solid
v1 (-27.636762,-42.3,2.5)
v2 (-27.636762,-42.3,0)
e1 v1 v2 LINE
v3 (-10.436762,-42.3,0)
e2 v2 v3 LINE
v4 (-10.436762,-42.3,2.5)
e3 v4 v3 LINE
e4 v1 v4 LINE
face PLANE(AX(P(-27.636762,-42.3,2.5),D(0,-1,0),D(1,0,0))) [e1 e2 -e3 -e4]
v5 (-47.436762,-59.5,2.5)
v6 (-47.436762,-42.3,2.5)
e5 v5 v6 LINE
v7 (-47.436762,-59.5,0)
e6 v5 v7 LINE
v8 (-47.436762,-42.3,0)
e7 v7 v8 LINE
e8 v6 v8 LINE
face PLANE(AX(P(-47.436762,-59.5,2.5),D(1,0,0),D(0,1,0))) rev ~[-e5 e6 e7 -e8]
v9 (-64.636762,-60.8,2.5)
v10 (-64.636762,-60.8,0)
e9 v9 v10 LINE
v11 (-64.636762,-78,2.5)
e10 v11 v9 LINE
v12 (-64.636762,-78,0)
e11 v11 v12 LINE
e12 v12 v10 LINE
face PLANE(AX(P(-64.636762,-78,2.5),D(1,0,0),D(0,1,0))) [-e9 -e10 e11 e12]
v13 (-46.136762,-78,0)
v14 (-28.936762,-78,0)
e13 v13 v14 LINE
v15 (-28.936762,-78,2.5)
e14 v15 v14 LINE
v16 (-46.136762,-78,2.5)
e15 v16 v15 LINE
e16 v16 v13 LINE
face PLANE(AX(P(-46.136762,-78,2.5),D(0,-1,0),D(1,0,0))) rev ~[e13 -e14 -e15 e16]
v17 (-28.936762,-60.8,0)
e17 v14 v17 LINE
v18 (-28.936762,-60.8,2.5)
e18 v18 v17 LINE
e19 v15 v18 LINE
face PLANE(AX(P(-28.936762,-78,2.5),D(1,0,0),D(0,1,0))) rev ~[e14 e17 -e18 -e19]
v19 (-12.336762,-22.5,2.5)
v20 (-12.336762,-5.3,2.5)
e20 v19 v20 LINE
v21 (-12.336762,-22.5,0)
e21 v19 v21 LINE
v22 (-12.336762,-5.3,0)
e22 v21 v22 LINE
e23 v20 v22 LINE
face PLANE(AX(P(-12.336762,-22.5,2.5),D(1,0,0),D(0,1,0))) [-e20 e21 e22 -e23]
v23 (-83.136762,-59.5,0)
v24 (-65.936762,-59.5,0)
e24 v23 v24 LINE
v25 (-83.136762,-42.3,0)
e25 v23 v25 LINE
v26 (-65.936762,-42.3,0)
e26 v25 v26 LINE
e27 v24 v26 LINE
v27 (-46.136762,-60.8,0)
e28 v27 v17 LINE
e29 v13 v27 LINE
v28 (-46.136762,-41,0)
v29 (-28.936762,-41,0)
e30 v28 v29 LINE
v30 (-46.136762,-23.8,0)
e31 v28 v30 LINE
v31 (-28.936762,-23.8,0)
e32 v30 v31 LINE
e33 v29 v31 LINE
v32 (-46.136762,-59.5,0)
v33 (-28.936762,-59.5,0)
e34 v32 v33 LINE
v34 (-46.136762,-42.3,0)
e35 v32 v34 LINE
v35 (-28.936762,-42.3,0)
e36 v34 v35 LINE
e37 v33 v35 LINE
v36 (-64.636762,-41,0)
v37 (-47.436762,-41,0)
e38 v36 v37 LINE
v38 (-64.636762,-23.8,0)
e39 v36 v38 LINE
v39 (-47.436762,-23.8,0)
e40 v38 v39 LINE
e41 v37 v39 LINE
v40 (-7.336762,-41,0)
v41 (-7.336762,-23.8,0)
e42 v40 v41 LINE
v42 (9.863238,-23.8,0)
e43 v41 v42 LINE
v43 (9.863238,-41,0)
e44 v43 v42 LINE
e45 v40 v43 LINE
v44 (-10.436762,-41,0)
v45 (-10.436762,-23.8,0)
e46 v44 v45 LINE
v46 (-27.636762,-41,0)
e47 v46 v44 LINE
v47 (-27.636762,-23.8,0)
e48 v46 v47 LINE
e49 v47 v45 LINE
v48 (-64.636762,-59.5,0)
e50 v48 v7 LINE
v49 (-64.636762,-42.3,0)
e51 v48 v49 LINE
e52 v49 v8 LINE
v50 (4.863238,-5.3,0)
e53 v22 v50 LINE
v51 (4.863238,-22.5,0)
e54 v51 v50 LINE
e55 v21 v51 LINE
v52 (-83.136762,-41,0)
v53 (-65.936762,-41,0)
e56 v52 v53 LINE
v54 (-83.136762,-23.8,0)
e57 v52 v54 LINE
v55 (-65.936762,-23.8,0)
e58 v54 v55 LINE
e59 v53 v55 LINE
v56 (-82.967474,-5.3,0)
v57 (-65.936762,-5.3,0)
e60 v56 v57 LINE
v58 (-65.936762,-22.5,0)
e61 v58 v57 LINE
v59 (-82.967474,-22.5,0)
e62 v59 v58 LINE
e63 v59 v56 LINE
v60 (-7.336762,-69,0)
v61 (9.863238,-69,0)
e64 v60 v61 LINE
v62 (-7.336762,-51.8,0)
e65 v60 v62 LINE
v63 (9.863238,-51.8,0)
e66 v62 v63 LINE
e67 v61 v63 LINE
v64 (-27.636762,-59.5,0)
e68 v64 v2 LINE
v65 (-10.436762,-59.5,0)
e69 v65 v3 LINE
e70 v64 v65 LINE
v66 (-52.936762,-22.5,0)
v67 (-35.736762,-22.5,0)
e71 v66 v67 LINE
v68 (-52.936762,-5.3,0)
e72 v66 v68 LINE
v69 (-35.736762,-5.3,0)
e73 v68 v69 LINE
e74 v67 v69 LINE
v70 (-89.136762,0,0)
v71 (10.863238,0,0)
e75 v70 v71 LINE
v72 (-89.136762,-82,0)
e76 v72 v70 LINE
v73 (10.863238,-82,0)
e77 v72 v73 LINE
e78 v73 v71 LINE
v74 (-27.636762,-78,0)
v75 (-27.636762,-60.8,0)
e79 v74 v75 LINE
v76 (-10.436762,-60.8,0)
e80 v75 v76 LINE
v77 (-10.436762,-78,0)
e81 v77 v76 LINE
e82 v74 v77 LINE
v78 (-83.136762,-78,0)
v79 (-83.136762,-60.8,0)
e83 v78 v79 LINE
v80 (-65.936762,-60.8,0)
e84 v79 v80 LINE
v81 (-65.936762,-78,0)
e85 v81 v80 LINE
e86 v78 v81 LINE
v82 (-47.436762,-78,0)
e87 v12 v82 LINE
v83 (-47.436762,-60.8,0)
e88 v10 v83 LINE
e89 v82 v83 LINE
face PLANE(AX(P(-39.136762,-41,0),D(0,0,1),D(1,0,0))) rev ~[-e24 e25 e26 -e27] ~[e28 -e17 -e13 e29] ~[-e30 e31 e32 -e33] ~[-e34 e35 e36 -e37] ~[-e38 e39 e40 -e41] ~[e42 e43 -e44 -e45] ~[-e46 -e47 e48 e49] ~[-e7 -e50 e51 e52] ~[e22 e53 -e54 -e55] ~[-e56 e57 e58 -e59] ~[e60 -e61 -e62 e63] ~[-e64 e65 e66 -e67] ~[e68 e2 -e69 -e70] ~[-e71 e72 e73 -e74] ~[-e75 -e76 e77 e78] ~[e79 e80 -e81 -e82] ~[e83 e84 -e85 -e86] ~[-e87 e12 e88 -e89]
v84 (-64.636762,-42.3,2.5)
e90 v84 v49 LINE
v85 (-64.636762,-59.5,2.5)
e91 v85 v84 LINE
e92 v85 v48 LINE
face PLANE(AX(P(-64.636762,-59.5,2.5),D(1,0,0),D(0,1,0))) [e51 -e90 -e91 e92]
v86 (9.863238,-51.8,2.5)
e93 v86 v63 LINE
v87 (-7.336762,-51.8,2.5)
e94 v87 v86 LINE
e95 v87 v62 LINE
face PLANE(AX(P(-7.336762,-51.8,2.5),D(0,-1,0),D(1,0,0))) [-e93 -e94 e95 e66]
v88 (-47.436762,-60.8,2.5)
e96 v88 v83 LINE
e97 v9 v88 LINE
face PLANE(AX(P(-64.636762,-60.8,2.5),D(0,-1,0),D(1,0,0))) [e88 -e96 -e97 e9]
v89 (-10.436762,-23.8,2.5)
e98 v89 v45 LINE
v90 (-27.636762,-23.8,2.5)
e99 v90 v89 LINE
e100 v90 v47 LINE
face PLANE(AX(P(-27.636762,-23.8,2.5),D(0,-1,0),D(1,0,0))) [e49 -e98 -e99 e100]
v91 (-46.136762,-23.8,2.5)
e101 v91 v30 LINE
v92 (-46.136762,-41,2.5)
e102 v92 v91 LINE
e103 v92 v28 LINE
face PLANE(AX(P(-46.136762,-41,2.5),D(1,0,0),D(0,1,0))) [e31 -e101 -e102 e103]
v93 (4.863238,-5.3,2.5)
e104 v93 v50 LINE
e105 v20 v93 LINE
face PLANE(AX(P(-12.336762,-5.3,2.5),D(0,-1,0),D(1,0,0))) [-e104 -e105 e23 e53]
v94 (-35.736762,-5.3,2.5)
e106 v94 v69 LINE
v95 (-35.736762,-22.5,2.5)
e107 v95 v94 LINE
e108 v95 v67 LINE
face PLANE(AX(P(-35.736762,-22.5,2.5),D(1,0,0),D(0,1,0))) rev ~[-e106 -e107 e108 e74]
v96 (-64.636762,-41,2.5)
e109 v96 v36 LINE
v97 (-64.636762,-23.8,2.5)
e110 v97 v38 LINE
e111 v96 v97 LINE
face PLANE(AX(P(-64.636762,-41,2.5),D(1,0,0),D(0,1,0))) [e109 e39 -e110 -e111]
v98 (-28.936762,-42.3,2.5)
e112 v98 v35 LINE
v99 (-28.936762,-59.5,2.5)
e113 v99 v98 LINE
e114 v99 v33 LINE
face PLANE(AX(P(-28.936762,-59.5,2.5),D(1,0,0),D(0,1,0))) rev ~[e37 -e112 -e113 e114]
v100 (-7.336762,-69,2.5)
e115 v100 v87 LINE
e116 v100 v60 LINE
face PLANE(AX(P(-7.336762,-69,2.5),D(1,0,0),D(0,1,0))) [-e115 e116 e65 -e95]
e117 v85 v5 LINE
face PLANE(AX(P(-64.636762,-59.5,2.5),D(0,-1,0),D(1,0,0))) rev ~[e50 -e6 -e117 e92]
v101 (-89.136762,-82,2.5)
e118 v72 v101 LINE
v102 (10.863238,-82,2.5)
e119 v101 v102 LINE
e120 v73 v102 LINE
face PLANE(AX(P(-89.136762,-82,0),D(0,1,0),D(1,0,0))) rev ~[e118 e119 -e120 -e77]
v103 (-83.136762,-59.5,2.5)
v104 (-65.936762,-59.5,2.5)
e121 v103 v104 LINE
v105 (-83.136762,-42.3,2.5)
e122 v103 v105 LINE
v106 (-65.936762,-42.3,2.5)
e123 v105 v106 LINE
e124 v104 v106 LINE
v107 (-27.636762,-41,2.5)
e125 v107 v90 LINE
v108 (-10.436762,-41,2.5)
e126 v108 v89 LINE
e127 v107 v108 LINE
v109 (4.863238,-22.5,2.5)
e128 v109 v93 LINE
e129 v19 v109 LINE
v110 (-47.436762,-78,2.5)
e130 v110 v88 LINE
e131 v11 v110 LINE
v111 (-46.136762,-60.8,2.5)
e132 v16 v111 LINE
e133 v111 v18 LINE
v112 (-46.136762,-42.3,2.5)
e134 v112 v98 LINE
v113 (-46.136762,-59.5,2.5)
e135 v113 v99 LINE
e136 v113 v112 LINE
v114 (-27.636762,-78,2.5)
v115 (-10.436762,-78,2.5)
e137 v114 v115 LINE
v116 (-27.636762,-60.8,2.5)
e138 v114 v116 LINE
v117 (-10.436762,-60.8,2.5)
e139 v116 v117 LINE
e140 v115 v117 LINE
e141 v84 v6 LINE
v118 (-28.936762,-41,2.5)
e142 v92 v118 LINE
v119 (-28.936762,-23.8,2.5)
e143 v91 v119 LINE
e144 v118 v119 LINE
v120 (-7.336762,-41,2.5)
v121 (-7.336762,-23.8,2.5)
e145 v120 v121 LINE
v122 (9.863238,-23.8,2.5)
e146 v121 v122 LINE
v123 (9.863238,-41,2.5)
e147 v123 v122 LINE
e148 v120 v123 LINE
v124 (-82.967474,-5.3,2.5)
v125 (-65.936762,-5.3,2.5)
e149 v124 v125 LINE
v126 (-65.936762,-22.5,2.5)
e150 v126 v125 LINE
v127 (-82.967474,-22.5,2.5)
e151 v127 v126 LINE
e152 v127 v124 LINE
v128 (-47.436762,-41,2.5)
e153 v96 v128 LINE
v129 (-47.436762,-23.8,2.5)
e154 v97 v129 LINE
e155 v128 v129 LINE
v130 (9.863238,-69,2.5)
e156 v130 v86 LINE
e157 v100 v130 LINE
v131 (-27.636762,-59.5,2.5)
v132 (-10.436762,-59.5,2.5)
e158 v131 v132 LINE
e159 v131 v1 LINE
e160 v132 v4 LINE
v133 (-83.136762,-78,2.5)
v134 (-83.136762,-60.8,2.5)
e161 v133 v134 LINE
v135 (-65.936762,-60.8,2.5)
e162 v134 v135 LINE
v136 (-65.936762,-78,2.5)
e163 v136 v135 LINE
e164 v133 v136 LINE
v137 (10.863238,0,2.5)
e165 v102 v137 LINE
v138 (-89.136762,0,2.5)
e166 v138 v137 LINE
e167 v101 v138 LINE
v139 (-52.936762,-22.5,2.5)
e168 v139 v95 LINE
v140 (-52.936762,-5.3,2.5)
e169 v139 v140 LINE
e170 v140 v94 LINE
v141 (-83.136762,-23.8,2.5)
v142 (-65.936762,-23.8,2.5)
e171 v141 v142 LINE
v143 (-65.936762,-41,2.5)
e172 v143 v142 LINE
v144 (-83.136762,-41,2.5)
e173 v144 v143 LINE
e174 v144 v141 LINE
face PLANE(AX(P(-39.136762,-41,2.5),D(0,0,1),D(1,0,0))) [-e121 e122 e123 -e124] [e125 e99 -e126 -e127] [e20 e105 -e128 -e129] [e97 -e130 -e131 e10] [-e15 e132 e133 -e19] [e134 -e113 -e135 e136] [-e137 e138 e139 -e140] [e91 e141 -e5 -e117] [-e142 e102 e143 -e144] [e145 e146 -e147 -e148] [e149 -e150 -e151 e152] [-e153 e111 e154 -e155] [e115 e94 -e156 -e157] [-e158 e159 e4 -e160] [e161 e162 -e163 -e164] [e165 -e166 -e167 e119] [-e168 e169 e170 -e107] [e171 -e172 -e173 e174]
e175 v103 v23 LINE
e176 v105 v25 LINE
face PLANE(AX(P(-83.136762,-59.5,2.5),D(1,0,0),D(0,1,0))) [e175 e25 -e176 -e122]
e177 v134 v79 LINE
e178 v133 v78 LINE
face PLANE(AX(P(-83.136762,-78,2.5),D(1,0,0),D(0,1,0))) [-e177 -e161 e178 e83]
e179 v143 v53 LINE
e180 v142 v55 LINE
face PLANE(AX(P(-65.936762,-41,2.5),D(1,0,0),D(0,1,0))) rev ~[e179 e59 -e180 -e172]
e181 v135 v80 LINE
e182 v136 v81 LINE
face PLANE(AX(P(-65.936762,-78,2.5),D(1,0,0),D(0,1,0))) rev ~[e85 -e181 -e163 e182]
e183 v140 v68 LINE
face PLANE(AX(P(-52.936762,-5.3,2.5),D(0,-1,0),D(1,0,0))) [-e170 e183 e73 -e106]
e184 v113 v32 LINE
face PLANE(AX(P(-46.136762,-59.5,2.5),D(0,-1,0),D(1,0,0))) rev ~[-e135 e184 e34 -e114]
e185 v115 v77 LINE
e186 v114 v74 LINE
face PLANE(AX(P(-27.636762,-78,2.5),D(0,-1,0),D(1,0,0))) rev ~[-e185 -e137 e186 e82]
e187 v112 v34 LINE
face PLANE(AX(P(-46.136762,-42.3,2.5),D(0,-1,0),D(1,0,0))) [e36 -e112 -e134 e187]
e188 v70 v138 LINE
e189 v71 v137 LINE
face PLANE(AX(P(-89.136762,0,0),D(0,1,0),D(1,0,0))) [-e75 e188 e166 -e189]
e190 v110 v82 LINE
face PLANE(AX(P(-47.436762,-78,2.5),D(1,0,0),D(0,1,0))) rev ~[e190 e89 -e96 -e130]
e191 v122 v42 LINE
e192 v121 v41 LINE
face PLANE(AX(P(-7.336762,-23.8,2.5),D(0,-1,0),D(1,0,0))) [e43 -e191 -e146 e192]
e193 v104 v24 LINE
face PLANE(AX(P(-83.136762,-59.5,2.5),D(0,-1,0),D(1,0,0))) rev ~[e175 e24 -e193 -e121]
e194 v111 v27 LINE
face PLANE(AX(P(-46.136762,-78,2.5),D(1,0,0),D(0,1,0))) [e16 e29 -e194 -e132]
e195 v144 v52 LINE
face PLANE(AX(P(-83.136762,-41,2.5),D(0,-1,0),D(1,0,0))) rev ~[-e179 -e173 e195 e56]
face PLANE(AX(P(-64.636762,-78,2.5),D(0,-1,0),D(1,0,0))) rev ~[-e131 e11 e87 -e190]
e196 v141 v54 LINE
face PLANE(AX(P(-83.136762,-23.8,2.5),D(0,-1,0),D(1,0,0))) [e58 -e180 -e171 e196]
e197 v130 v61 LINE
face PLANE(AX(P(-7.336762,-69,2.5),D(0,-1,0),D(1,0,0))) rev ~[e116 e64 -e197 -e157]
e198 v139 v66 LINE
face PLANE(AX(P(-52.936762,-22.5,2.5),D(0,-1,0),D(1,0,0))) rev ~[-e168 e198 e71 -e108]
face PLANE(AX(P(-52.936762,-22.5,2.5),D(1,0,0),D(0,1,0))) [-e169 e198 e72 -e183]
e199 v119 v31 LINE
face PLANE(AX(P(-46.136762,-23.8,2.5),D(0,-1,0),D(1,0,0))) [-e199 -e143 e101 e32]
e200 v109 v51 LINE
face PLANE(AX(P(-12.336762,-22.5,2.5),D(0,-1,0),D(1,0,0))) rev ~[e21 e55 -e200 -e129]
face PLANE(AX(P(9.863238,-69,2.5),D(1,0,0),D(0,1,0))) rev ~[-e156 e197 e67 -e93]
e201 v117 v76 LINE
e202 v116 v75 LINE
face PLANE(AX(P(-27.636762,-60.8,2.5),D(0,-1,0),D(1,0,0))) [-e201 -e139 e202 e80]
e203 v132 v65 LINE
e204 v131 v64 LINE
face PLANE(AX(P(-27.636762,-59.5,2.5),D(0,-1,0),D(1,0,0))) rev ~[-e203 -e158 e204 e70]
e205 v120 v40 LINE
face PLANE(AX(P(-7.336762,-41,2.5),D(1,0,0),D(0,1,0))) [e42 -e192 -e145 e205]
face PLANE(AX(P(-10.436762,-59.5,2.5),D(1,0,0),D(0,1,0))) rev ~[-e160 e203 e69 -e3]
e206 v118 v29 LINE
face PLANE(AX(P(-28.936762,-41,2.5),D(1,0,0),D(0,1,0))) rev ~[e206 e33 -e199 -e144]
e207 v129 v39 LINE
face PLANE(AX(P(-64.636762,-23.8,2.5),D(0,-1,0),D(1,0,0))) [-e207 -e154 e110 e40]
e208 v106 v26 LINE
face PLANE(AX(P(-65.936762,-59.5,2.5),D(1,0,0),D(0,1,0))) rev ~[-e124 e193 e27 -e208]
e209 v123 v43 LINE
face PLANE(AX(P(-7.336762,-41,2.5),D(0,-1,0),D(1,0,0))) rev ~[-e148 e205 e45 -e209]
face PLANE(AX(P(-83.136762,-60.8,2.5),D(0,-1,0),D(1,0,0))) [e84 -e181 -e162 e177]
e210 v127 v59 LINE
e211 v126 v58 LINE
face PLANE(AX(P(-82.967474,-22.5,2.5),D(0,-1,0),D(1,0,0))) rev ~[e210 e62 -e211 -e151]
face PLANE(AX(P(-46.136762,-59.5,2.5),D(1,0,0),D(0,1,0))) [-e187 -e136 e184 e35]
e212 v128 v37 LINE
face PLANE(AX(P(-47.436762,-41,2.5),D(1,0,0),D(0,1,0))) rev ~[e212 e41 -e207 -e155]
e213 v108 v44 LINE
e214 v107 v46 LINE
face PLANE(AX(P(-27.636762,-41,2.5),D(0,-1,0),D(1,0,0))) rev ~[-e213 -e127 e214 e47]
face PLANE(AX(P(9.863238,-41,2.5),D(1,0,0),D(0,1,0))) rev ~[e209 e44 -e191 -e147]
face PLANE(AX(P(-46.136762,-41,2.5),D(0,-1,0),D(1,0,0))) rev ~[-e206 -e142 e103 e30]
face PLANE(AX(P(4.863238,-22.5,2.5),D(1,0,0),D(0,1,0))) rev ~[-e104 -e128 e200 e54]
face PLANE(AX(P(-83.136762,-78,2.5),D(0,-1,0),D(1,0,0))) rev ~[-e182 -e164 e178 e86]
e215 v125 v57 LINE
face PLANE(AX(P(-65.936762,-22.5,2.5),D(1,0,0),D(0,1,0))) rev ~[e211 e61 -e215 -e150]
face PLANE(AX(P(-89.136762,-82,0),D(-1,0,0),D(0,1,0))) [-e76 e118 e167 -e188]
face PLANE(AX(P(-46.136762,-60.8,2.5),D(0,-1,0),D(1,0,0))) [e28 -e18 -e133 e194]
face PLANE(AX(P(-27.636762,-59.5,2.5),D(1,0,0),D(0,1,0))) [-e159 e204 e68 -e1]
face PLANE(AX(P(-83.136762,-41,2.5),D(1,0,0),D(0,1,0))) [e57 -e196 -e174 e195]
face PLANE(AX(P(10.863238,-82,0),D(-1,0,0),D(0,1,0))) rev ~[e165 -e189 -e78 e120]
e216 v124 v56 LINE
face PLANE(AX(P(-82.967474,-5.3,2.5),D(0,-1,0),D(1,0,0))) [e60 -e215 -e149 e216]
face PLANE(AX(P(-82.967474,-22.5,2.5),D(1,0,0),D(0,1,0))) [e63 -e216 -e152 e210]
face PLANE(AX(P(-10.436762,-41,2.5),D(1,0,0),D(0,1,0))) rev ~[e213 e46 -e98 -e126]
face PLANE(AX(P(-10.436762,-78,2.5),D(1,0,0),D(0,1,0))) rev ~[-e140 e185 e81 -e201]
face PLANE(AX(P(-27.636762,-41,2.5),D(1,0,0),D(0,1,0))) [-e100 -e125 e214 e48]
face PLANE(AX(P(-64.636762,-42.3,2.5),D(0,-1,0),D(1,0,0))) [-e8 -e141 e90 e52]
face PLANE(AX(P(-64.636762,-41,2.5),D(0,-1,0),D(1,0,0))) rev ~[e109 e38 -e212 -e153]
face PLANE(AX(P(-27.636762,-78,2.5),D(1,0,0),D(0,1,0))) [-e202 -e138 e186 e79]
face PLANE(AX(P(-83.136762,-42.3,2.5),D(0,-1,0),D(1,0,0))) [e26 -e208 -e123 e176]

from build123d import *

# Parameters (mm, degrees)
F0_W      = 100
F0_H      = 82
F1_DEPTH  = 2.5
F2_W      = 17.2
F2_H      = 17.2
F3_DEPTH  = 25
F2_W_2    = 17.030713
F4_DEPTH  = 25
F5_W      = 17.2
F5_H      = 17.2
F6_DEPTH  = 25
F7_W      = 17.2
F7_H      = 17.2
F8_DEPTH  = 25
F9_W      = 17.2
F9_H      = 17.2
F10_DEPTH = 25
F11_W     = 17.2
F11_H     = 17.2
F12_DEPTH = 25
F13_W     = 17.2
F13_H     = 17.2
F14_DEPTH = 25
F15_W     = 17.2
F15_H     = 17.2
F16_DEPTH = 25


with BuildPart() as f1:
    # F0 (on Top) → F1 (new body)
    with BuildSketch(Plane.XY):
        with Locations((-39.136762, -41)):
            Rectangle(F0_W, F0_H)
    extrude(amount=F1_DEPTH)

    # F2 (on face) → F3 (cut)
    with BuildSketch(Plane.XY.offset(2.5)):
        with Locations((-74.536762, -69.4)):
            Rectangle(F2_W, F2_H)
    extrude(amount=-F3_DEPTH, mode=Mode.SUBTRACT)

    # F2 (on face) → F4 (cut)
    with BuildSketch(Plane.XY.offset(2.5)):
        with Locations((-74.536762, -69.4)):
            Rectangle(F2_W, F2_H)
        with Locations((-74.536762, -50.9)):
            Rectangle(F2_W, F2_H)
        with Locations((-74.536762, -32.4)):
            Rectangle(F2_W, F2_H)
        with Locations((-74.452118, -13.9)):
            Rectangle(F2_W_2, F2_H)
    extrude(amount=-F4_DEPTH, mode=Mode.SUBTRACT)

    # F5 (on face) → F6 (cut)
    with BuildSketch(Plane.XY.offset(2.5)):
        with Locations((-56.036762, -69.4)):
            Rectangle(F5_W, F5_H)
        with Locations((-37.536762, -69.4)):
            Rectangle(F5_W, F5_H)
        with Locations((-19.036762, -69.4)):
            Rectangle(F5_W, F5_H)
    extrude(amount=-F6_DEPTH, mode=Mode.SUBTRACT)

    # F7 (on face) → F8 (cut)
    with BuildSketch(Plane.XY.offset(2.5)):
        with Locations((-56.036762, -50.9)):
            Rectangle(F7_W, F7_H)
        with Locations((-56.036762, -32.4)):
            Rectangle(F7_W, F7_H)
        with Locations((-37.536762, -50.9)):
            Rectangle(F7_W, F7_H)
        with Locations((-37.536762, -32.4)):
            Rectangle(F7_W, F7_H)
    extrude(amount=-F8_DEPTH, mode=Mode.SUBTRACT)

    # F9 (on face) → F10 (cut)
    with BuildSketch(Plane.XY.offset(2.5)):
        with Locations((-19.036762, -50.9)):
            Rectangle(F9_W, F9_H)
        with Locations((-19.036762, -32.4)):
            Rectangle(F9_W, F9_H)
    extrude(amount=-F10_DEPTH, mode=Mode.SUBTRACT)

    # F11 (on face) → F12 (cut)
    with BuildSketch(Plane.XY.offset(2.5)):
        with Locations((1.263238, -60.4)):
            Rectangle(F11_W, F11_H)
        with Locations((1.263238, -32.4)):
            Rectangle(F11_W, F11_H)
    extrude(amount=-F12_DEPTH, mode=Mode.SUBTRACT)

    # F13 (on face) → F14 (cut)
    with BuildSketch(Plane.XY.offset(2.5)):
        with Locations((-44.336762, -13.9)):
            Rectangle(F13_W, F13_H)
    extrude(amount=-F14_DEPTH, mode=Mode.SUBTRACT)

    # F15 (on face) → F16 (cut)
    with BuildSketch(Plane.XY.offset(2.5)):
        with Locations((-3.736762, -13.9)):
            Rectangle(F15_W, F15_H)
    extrude(amount=-F16_DEPTH, mode=Mode.SUBTRACT)


solid = f1.part
